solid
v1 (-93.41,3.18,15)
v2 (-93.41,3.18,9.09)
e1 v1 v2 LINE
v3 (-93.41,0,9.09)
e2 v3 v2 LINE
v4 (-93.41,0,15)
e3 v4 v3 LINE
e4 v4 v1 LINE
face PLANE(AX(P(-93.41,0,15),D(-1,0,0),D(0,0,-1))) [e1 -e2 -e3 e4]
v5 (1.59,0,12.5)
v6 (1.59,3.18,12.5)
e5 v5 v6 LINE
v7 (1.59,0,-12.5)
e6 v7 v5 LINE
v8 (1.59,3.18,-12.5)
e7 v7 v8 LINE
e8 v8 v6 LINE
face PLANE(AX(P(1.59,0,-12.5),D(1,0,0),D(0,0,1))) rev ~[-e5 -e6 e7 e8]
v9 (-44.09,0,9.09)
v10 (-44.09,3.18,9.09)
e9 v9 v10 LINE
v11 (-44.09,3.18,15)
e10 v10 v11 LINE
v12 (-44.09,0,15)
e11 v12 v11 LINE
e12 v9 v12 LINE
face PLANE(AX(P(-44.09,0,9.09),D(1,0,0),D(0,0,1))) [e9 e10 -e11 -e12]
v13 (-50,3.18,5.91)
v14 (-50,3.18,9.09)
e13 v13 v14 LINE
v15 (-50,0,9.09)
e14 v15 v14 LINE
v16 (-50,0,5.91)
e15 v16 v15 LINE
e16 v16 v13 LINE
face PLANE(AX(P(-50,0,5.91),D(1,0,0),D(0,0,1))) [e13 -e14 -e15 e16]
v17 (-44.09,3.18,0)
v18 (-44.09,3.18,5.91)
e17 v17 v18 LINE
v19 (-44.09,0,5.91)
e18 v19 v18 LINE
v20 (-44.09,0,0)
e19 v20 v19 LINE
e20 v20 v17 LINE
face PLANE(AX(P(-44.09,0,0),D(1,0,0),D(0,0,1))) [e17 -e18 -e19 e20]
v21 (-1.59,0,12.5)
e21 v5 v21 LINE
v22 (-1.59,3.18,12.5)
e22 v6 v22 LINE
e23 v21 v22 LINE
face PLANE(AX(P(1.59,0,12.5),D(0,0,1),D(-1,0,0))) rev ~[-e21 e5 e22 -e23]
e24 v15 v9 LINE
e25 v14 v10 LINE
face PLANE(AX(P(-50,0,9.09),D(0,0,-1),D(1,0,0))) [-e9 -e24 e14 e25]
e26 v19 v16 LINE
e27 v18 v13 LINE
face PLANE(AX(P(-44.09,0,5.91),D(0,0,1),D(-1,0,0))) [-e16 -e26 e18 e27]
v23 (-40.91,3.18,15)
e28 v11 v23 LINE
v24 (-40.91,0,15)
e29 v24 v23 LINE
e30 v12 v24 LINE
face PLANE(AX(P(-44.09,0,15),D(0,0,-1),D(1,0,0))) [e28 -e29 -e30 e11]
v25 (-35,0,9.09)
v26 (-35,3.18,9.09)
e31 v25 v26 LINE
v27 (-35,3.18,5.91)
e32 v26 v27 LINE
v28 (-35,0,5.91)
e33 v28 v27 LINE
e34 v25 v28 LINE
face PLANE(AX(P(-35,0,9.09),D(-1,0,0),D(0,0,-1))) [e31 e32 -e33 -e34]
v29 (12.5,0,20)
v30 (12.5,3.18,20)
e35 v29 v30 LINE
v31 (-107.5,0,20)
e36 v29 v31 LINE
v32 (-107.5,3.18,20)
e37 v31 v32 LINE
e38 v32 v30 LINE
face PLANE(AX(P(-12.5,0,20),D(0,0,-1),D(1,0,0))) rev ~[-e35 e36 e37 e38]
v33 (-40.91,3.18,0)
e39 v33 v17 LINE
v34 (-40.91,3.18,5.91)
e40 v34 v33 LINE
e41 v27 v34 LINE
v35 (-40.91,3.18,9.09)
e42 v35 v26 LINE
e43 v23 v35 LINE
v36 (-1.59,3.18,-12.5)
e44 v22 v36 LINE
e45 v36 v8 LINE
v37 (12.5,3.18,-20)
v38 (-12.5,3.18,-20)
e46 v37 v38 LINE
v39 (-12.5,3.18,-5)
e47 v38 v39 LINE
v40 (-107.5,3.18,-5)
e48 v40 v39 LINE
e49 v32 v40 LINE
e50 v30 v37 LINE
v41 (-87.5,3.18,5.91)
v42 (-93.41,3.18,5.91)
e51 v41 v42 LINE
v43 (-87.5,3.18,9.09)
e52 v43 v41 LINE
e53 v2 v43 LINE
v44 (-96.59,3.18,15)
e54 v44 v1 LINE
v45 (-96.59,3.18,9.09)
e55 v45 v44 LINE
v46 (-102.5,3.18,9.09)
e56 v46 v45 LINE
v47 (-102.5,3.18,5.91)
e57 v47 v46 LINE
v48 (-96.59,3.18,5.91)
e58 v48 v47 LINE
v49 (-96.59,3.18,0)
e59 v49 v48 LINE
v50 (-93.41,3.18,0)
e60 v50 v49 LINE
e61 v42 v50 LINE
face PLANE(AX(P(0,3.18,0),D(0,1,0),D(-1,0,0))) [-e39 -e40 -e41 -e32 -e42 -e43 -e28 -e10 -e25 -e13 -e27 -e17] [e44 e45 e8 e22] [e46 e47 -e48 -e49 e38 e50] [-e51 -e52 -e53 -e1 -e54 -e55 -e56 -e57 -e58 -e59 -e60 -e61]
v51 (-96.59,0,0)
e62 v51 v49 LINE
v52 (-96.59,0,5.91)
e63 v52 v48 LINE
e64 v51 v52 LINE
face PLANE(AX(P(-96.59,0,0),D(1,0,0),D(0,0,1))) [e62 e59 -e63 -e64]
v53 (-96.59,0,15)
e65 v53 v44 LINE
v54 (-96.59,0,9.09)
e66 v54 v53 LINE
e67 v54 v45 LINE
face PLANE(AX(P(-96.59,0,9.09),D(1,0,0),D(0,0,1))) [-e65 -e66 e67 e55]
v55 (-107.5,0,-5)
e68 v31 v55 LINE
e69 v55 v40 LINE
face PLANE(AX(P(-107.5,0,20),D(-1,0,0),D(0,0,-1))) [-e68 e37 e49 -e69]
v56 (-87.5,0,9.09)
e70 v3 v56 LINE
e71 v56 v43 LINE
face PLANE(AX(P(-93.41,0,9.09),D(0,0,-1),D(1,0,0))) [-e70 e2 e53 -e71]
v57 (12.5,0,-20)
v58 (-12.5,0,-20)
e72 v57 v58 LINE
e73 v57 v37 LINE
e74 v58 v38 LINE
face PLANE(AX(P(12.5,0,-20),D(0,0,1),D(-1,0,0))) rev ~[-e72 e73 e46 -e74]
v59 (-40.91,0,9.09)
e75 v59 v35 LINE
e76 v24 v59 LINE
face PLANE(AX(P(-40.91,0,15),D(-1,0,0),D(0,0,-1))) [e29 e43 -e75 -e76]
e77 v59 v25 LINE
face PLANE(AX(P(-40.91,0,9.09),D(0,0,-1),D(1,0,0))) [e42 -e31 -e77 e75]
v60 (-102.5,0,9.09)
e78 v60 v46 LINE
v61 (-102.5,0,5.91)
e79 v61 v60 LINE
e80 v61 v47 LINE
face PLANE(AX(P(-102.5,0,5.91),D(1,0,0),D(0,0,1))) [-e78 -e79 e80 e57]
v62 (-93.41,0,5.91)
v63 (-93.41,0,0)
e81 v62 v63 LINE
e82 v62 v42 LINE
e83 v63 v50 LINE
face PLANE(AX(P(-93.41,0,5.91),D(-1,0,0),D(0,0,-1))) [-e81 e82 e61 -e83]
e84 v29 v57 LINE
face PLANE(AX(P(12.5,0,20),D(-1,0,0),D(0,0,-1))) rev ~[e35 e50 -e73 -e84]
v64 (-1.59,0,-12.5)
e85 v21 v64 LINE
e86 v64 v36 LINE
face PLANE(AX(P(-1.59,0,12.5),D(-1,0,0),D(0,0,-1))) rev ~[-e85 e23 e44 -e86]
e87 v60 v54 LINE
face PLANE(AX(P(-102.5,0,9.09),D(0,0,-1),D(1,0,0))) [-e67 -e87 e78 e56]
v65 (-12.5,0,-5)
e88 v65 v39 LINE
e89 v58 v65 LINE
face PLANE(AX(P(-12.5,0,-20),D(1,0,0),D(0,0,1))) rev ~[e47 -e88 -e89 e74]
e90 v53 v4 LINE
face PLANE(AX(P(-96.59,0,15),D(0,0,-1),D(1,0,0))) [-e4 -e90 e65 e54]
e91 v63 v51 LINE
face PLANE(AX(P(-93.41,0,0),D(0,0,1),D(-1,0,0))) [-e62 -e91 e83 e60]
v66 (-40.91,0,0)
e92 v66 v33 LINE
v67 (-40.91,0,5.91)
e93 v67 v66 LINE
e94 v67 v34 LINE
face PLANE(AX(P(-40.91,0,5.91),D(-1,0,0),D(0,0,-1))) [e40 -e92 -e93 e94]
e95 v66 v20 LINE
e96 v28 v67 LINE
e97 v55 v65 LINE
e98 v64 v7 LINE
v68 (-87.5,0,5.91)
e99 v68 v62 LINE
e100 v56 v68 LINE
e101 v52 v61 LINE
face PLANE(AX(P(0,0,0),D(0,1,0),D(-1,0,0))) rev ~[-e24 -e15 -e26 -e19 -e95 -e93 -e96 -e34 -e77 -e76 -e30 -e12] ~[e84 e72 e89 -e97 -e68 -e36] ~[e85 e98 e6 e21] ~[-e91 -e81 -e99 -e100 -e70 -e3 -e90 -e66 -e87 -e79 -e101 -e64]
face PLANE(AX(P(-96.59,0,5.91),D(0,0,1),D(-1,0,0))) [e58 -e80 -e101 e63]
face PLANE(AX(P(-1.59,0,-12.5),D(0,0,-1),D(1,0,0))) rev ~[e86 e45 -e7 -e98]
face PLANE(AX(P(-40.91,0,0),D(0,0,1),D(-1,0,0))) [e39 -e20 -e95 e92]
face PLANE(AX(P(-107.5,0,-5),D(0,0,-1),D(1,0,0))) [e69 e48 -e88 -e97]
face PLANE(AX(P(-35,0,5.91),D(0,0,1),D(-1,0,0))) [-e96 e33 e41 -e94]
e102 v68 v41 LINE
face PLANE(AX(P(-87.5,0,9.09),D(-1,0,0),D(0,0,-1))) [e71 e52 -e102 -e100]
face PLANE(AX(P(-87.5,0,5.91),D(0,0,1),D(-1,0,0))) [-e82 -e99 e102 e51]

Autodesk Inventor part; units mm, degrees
ref_plane "YZ Plane" through (0, 0, 0) normal (1, 0, 0) x (0, 1, 0)
ref_plane "XZ Plane" through (0, 0, 0) normal (0, 1, 0) x (-1, 0, 0)
ref_plane "XY Plane" through (0, 0, 0) normal (0, 0, 1) x (1, 0, 0)
sketch "Sketch1" plane through (0, 0, 0) normal (0, 1, 0) x (-1, 0, 0)
  line L0 (-1.59, 12.5) -> (1.59, 12.5)
  line L1 (1.59, 12.5) -> (1.59, -12.5)
  line L2 (1.59, -12.5) -> (-1.59, -12.5)
  line L3 (-1.59, -12.5) -> (-1.59, 12.5)
  line L4 (-1.59, 12.5) -> (1.59, -12.5) construction
  line L5 (1.59, 12.5) -> (-1.59, -12.5) construction
  line L6 (12.5, 20) -> (-12.5, 20)
  line L7 (-12.5, 20) -> (-12.5, -20)
  line L8 (-12.5, -20) -> (12.5, -20)
  line L9 (12.5, -20) -> (12.5, 20)
  line L10 (12.5, 20) -> (107.5, 20)
  line L11 (107.5, 20) -> (107.5, -5)
  line L12 (107.5, -5) -> (12.5, -5)
  line L13 (12.5, -5) -> (12.5, 20)
  line L14 (107.5, 20) -> (82.5, 20)
  line L15 (88.91, 20) -> (92.09, 20)
  line L16 (102.5, 9.09) -> (87.5, 9.09)
  line L17 (87.5, 9.09) -> (87.5, 5.91)
  line L18 (87.5, 5.91) -> (102.5, 5.91)
  line L19 (102.5, 5.91) -> (102.5, 9.09)
  line L20 (96.59, 15) -> (93.41, 15)
  line L21 (93.41, 15) -> (93.41, 0)
  line L22 (93.41, 0) -> (96.59, 0)
  line L23 (96.59, 0) -> (96.59, 15)
  line L24 (96.59, 15) -> (93.41, 0) construction
  line L25 (93.41, 15) -> (96.59, 0) construction
  line L26 (50, 9.09) -> (35, 9.09)
  line L27 (35, 9.09) -> (35, 5.91)
  line L28 (35, 5.91) -> (50, 5.91)
  line L29 (50, 5.91) -> (50, 9.09)
  line L30 (44.09, 15) -> (40.91, 15)
  line L31 (40.91, 15) -> (40.91, 0)
  line L32 (40.91, 0) -> (44.09, 0)
  line L33 (44.09, 0) -> (44.09, 15)
  line L34 (44.09, 15) -> (40.91, 0) construction
  line L35 (40.91, 15) -> (44.09, 0) construction
  point P0 (0, 0)
  point P1 (95, 7.5)
  point P2 (42.5, 7.5)
  dimension "d0" = 3.18
  dimension "d1" = 25
  dimension "d2" = 25
  dimension "d3" = 12.5
  dimension "d4" = 20
  dimension "d5" = 20
  dimension "d6" = 95
  dimension "d7" = 25
  dimension "d35" = 15
  dimension "d36" = 3.18
  dimension "d38" = 3.18
  dimension "d39" = 15
  dimension "d40" = 7.5
  dimension "d41" = 1.59
  dimension "d42" = 12.5
  dimension "d43" = 12.5
  dimension "d44" = 15
  dimension "d45" = 3.18
  dimension "d46" = 3.18
  dimension "d47" = 15
  dimension "d48" = 7.5
  dimension "d49" = 1.59
  dimension "d50" = 30
  dimension "d51" = 12.5
extrude "Extrusion2" add sketch "Sketch1" along normal blind 3.18
properties part number "Brazo_Inferior"
